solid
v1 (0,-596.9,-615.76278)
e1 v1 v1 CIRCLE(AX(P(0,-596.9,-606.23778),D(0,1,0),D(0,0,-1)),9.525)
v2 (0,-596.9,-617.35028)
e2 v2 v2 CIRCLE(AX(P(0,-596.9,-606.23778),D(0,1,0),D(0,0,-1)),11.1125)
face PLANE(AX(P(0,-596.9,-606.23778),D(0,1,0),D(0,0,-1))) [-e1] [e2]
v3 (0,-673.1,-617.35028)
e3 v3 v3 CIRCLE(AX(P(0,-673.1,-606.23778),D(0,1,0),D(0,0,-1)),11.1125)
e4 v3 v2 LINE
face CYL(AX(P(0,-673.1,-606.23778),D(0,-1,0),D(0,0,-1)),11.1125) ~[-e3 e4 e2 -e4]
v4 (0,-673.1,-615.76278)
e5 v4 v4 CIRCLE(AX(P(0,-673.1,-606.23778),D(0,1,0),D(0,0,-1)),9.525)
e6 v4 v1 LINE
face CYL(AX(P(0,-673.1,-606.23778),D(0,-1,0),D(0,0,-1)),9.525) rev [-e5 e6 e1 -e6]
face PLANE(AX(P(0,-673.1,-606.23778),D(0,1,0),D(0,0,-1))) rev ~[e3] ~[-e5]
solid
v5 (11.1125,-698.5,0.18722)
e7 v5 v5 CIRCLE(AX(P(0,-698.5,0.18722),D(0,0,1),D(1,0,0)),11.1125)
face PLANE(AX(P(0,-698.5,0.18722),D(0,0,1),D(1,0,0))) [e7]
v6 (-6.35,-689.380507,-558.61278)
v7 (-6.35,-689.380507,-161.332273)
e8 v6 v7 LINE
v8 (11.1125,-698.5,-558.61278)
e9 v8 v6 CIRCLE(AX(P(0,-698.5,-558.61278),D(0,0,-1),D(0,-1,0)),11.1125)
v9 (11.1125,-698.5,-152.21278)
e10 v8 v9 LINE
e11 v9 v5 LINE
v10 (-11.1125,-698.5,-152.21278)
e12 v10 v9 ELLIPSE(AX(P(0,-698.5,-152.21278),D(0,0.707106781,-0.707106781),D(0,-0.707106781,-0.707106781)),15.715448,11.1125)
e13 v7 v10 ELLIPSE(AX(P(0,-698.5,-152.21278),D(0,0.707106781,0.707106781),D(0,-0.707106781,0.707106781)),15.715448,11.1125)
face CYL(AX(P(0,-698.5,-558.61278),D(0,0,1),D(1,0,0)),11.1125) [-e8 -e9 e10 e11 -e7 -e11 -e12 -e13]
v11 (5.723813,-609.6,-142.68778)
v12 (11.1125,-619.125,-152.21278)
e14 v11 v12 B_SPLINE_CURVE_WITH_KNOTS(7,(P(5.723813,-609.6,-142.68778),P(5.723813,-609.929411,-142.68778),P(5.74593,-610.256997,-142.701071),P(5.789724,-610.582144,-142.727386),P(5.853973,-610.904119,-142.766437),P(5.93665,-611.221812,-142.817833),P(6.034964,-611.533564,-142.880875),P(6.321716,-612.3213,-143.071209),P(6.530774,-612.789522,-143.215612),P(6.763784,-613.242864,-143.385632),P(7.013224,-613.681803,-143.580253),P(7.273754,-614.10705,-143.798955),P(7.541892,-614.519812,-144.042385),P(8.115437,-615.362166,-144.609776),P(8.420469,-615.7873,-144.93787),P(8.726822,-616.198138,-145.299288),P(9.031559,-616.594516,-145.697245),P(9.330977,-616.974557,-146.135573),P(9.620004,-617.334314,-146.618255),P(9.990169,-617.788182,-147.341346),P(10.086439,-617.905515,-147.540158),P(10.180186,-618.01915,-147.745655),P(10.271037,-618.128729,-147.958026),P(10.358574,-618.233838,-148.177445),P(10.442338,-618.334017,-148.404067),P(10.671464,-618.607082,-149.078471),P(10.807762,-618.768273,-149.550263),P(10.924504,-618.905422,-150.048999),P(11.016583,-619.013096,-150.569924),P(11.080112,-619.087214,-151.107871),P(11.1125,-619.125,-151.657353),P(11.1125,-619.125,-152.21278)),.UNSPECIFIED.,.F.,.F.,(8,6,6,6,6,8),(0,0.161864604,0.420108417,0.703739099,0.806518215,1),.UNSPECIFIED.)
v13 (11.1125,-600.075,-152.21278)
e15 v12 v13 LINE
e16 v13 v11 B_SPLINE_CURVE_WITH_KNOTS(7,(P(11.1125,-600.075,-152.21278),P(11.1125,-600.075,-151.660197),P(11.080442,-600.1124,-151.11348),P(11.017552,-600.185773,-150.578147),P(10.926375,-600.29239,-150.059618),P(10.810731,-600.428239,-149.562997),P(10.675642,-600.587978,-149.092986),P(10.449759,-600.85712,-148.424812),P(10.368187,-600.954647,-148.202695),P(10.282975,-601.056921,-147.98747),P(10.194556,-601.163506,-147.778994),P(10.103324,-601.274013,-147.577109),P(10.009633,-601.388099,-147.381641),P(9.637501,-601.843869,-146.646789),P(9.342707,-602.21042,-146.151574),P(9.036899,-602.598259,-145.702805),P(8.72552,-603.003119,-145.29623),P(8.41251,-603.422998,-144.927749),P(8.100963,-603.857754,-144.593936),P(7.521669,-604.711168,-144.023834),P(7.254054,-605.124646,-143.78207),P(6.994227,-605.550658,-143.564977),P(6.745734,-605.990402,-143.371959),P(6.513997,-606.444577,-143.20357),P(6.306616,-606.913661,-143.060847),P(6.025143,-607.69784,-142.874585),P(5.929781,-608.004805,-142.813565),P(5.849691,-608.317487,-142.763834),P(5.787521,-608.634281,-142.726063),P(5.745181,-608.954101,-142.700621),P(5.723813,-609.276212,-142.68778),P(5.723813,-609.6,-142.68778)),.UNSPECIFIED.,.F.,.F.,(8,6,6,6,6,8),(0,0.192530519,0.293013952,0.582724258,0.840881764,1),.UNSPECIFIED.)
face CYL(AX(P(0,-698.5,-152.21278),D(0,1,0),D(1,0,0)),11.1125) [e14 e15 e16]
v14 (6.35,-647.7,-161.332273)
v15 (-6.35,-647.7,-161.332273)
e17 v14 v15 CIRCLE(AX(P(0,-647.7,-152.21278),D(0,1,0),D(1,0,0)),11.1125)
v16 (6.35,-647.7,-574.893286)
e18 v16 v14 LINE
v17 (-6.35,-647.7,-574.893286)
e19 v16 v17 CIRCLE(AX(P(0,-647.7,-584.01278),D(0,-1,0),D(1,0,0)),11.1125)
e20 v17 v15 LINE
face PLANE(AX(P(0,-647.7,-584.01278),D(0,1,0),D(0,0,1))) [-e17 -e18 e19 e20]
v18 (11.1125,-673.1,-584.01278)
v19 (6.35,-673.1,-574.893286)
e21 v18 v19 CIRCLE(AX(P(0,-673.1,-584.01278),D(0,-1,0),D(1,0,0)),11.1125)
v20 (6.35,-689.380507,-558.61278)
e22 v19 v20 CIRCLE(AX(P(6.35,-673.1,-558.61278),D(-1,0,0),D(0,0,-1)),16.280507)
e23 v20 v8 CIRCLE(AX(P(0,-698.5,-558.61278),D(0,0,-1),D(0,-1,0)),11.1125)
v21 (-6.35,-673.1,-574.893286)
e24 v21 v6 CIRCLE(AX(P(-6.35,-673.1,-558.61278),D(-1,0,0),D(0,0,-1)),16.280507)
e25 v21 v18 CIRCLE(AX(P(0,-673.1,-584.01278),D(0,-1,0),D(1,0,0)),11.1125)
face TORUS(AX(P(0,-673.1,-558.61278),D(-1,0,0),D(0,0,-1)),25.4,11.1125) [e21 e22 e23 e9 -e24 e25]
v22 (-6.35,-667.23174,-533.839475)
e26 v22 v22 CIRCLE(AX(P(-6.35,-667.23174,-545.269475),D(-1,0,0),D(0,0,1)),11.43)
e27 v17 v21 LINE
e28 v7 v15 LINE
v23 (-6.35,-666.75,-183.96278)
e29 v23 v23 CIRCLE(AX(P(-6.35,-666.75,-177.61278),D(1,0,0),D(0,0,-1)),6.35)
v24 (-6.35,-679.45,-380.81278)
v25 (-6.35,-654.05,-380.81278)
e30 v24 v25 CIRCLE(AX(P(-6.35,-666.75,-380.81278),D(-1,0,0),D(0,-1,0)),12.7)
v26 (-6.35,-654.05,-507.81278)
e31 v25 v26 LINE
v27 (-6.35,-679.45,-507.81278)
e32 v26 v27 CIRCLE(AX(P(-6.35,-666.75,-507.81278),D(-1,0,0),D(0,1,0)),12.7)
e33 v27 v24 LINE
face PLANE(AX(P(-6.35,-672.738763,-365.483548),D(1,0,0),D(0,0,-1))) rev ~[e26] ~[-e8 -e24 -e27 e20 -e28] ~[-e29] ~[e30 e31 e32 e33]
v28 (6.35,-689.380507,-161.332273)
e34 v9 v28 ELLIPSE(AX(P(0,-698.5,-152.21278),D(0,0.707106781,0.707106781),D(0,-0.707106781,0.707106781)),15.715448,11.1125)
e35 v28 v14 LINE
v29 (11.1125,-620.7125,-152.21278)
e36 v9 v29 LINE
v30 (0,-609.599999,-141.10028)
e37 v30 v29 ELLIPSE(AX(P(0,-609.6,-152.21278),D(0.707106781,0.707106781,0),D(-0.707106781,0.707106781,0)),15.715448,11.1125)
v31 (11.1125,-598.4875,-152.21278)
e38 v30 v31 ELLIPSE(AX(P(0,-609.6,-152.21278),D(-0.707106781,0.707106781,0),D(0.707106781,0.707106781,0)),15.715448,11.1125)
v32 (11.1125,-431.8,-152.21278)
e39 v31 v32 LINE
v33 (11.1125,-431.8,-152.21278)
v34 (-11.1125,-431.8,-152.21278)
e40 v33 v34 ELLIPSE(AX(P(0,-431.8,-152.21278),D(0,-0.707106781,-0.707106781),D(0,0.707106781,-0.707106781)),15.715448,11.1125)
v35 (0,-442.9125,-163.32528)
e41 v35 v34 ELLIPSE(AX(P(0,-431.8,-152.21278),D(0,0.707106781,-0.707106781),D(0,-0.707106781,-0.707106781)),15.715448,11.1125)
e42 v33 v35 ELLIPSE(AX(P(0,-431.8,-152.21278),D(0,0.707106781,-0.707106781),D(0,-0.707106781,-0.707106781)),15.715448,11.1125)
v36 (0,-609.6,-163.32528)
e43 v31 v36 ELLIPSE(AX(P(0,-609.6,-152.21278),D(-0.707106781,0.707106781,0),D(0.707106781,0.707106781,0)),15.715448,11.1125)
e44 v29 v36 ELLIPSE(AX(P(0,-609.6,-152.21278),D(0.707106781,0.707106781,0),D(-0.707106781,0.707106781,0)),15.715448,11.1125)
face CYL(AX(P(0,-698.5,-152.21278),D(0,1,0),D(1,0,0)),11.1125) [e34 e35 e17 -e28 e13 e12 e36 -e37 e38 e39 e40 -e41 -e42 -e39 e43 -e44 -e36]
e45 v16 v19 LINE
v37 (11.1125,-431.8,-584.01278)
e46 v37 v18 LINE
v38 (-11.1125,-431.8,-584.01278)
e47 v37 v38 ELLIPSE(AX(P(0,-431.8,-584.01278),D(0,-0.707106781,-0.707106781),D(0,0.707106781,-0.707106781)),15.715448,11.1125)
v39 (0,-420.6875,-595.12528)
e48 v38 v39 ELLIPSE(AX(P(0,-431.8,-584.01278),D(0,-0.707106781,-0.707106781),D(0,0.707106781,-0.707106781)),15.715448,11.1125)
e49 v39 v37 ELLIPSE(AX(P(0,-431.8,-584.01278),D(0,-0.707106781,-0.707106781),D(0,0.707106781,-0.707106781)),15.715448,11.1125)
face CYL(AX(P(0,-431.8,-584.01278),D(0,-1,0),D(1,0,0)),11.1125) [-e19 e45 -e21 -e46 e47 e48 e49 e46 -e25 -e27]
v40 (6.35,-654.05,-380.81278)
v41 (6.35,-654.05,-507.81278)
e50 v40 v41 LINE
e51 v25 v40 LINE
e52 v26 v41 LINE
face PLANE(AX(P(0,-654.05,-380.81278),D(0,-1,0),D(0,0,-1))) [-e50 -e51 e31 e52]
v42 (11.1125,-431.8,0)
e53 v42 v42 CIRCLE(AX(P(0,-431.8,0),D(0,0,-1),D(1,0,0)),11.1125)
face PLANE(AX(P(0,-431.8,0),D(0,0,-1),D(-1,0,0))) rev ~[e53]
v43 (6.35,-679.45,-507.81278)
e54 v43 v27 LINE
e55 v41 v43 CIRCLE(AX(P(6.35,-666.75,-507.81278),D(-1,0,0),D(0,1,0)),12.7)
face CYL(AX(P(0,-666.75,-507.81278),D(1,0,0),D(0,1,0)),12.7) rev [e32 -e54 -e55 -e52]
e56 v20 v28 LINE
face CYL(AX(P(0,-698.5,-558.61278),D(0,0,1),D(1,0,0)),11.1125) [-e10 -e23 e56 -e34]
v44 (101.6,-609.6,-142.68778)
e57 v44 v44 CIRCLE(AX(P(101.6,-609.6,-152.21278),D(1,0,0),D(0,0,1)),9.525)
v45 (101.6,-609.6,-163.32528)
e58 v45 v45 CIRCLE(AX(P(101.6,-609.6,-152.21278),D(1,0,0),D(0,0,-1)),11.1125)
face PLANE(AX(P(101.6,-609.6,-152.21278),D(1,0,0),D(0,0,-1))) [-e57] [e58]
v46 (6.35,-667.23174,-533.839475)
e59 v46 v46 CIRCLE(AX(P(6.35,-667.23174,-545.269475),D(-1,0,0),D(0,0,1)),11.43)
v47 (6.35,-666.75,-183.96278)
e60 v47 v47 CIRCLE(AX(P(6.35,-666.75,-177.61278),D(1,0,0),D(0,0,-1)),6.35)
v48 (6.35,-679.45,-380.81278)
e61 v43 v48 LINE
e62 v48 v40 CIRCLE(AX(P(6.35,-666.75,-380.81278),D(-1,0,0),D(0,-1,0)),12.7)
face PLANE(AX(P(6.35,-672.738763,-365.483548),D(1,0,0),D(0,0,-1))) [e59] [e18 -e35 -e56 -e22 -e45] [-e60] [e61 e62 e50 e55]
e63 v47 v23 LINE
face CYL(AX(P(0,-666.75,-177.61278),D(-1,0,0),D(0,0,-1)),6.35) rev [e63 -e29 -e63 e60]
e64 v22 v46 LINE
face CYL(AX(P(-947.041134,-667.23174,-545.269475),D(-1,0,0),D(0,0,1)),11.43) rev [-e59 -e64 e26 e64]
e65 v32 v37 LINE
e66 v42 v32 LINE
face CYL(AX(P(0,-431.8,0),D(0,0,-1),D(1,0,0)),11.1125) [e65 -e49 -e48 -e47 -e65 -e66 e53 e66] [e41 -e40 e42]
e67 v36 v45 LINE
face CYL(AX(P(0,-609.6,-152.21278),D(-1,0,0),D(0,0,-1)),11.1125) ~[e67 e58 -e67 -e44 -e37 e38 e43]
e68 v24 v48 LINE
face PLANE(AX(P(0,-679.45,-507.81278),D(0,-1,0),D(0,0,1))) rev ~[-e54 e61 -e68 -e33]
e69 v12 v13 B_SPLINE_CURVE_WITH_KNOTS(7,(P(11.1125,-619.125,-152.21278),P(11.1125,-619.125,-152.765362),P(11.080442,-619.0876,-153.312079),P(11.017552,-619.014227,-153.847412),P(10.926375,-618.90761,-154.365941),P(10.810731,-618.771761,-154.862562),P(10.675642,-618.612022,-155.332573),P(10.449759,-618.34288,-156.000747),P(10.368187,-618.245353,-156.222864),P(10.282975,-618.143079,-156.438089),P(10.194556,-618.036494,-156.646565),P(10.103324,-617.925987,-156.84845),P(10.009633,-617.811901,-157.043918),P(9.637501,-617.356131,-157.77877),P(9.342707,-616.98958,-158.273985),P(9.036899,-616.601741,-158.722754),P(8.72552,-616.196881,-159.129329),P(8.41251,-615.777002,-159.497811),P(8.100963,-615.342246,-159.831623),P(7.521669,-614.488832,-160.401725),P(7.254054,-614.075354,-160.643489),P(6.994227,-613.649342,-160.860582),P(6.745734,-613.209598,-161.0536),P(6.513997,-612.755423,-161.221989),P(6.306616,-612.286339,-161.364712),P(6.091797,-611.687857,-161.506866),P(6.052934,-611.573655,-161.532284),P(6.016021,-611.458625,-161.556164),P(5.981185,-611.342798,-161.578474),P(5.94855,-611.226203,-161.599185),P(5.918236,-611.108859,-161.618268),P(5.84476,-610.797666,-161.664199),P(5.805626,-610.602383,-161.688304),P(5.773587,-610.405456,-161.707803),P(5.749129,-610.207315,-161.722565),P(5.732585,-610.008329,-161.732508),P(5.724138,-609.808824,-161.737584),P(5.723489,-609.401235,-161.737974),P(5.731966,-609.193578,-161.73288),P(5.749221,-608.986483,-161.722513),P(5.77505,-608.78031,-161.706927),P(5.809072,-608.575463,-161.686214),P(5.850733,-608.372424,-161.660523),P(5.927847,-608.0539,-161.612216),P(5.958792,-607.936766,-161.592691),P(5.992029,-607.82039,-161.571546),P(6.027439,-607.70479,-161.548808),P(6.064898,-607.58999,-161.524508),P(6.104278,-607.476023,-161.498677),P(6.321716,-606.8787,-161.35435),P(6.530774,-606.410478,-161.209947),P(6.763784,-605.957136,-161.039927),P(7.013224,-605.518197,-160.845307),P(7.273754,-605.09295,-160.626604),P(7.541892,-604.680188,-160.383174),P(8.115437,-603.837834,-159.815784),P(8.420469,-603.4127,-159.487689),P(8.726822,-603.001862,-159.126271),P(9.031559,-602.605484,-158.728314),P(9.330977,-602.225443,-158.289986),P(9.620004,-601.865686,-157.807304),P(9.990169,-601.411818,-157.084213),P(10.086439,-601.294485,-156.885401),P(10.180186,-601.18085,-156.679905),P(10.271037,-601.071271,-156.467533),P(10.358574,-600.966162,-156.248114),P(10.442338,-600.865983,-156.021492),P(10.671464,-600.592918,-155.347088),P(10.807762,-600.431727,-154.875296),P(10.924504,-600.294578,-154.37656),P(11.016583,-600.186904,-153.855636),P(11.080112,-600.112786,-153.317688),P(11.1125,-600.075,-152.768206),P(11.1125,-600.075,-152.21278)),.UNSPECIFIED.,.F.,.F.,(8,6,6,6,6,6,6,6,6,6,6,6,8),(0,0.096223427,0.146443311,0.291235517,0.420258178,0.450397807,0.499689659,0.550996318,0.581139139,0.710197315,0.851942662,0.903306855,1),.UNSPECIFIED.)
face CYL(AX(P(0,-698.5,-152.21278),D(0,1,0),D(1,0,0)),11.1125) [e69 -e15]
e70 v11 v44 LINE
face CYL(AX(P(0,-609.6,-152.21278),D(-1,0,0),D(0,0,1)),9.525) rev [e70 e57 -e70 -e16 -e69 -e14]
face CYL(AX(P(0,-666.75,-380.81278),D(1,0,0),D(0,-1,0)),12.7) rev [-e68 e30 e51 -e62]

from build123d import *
from build123d.topology import SkipClean

# Parameters (mm, degrees)
SKETCH3_R               = 11.1125
SKETCH3_8_R             = 11.1125
SKETCH11_R              = 6.35
BOSS_EXTRUDE2_DEPTH     = 6.35
SKETCH12_R              = 11.1125
SKETCH12_R_2            = 9.525
BOSS_EXTRUDE3_DEPTH     = 101.6
SKETCH13_R              = 11.1125
SKETCH13_R_2            = 9.525
BOSS_EXTRUDE4_DEPTH     = 76.2
CUT_EXTRUDE2_DEPTH      = 947.041134319
CUT_EXTRUDE2_DEPTH_BACK = 947.041134319
SKETCH14_R              = 11.43


with BuildPart() as part:
    # Sweep1: sweep along a path in Sketch1
    with BuildLine(Plane(origin=(0, 0, 0), x_dir=(0, 0, -1), z_dir=(1, 0, 0))) as sweep1_path:
        Line((0, -431.8), (152.212779539, -431.8))
        Line((152.212779539, -431.8), (584.012779539, -431.8))
        Line((584.012779539, -431.8), (584.012779539, -673.1))
        ThreePointArc((584.012779539, -673.1), (576.573291781, -691.060512242), (558.612779539, -698.5))
        Line((558.612779539, -698.5), (152.212779539, -698.5))
        Line((152.212779539, -698.5), (-0.187220461, -698.5))
    # Sketch3 → Sweep1 (sweep)
    with BuildSketch(Plane.XY):
        with Locations((0, -698.5)):
            Circle(SKETCH3_R)
    sweep(path=sweep1_path.line, transition=Transition.RIGHT)

    # Sweep2: sweep along a path in Sketch1<23>
    with BuildLine(Plane(origin=(0, 0, 0), x_dir=(0, 0, -1), z_dir=(1, 0, 0))) as sweep2_path:
        Line((-0.187220461, -698.5), (152.212779539, -698.5))
        Line((152.212779539, -698.5), (152.212779539, -431.8))
    # Sketch3<8> → Sweep2 (sweep)
    with BuildSketch(Plane.XY):
        with Locations((0, -698.5)):
            Circle(SKETCH3_8_R)
    sweep(path=sweep2_path.line, transition=Transition.RIGHT)

    # Sketch11 → Boss-Extrude2 (add, symmetric)
    with BuildSketch(Plane(origin=(0, 0, 0), x_dir=(0, 0, -1), z_dir=(1, 0, 0))):
        with BuildLine():
            Line((584.012779539, -673.1), (584.012779539, -647.7))
            Line((584.012779539, -647.7), (152.212779539, -647.7))
            Line((152.212779539, -647.7), (152.212779539, -698.5))
            Line((152.212779539, -698.5), (558.612779539, -698.5))
            ThreePointArc((558.612779539, -698.5), (576.573291781, -691.060512242), (584.012779539, -673.1))
        make_face()
        with BuildLine():
            ThreePointArc((380.812779539, -679.45), (368.112779539, -666.75), (380.812779539, -654.05))
            Line((380.812779539, -654.05), (507.812779539, -654.05))
            ThreePointArc((507.812779539, -654.05), (520.512779539, -666.75), (507.812779539, -679.45))
            Line((507.812779539, -679.45), (380.812779539, -679.45))
        make_face(mode=Mode.SUBTRACT)
        with Locations((177.612779539, -666.75)):
            Circle(SKETCH11_R, mode=Mode.SUBTRACT)
    extrude(amount=BOSS_EXTRUDE2_DEPTH, both=True)

    # Sketch12 → Boss-Extrude3 (add)
    with SkipClean():  # the faces are left unmerged after this step: merging them gives an invalid solid
        with BuildSketch(Plane(origin=(0, 0, 0), x_dir=(0, 0, -1), z_dir=(1, 0, 0))):
            with Locations((152.212779539, -609.6)):
                Circle(SKETCH12_R)
            with Locations((152.212779539, -609.6)):
                Circle(SKETCH12_R_2, mode=Mode.SUBTRACT)
        extrude(amount=BOSS_EXTRUDE3_DEPTH)

    # Sketch14 → Cut-Extrude2 (cut, two sides: drawn at the far end of the back side and taken through both)
    with SkipClean():  # the faces are left unmerged after this step: merging them gives an invalid solid
        with BuildSketch(Plane(origin=(0, 0, 0), x_dir=(0, 0, -1), z_dir=(1, 0, 0)).offset(-CUT_EXTRUDE2_DEPTH_BACK)):
            with Locations((545.269475056, -667.231739767)):
                Circle(SKETCH14_R)
        extrude(amount=CUT_EXTRUDE2_DEPTH + CUT_EXTRUDE2_DEPTH_BACK, mode=Mode.SUBTRACT)


with BuildPart() as body_2:
    # Sketch13 → Boss-Extrude4 (new body)
    with BuildSketch(Plane(origin=(0, -673.1, 0), x_dir=(1, 0, 0), z_dir=(0, 1, 0))):
        with Locations((0, 606.237779539)):
            Circle(SKETCH13_R)
        with Locations((0, 606.237779539)):
            Circle(SKETCH13_R_2, mode=Mode.SUBTRACT)
    extrude(amount=BOSS_EXTRUDE4_DEPTH)


solid = Compound([part.part, body_2.part])
